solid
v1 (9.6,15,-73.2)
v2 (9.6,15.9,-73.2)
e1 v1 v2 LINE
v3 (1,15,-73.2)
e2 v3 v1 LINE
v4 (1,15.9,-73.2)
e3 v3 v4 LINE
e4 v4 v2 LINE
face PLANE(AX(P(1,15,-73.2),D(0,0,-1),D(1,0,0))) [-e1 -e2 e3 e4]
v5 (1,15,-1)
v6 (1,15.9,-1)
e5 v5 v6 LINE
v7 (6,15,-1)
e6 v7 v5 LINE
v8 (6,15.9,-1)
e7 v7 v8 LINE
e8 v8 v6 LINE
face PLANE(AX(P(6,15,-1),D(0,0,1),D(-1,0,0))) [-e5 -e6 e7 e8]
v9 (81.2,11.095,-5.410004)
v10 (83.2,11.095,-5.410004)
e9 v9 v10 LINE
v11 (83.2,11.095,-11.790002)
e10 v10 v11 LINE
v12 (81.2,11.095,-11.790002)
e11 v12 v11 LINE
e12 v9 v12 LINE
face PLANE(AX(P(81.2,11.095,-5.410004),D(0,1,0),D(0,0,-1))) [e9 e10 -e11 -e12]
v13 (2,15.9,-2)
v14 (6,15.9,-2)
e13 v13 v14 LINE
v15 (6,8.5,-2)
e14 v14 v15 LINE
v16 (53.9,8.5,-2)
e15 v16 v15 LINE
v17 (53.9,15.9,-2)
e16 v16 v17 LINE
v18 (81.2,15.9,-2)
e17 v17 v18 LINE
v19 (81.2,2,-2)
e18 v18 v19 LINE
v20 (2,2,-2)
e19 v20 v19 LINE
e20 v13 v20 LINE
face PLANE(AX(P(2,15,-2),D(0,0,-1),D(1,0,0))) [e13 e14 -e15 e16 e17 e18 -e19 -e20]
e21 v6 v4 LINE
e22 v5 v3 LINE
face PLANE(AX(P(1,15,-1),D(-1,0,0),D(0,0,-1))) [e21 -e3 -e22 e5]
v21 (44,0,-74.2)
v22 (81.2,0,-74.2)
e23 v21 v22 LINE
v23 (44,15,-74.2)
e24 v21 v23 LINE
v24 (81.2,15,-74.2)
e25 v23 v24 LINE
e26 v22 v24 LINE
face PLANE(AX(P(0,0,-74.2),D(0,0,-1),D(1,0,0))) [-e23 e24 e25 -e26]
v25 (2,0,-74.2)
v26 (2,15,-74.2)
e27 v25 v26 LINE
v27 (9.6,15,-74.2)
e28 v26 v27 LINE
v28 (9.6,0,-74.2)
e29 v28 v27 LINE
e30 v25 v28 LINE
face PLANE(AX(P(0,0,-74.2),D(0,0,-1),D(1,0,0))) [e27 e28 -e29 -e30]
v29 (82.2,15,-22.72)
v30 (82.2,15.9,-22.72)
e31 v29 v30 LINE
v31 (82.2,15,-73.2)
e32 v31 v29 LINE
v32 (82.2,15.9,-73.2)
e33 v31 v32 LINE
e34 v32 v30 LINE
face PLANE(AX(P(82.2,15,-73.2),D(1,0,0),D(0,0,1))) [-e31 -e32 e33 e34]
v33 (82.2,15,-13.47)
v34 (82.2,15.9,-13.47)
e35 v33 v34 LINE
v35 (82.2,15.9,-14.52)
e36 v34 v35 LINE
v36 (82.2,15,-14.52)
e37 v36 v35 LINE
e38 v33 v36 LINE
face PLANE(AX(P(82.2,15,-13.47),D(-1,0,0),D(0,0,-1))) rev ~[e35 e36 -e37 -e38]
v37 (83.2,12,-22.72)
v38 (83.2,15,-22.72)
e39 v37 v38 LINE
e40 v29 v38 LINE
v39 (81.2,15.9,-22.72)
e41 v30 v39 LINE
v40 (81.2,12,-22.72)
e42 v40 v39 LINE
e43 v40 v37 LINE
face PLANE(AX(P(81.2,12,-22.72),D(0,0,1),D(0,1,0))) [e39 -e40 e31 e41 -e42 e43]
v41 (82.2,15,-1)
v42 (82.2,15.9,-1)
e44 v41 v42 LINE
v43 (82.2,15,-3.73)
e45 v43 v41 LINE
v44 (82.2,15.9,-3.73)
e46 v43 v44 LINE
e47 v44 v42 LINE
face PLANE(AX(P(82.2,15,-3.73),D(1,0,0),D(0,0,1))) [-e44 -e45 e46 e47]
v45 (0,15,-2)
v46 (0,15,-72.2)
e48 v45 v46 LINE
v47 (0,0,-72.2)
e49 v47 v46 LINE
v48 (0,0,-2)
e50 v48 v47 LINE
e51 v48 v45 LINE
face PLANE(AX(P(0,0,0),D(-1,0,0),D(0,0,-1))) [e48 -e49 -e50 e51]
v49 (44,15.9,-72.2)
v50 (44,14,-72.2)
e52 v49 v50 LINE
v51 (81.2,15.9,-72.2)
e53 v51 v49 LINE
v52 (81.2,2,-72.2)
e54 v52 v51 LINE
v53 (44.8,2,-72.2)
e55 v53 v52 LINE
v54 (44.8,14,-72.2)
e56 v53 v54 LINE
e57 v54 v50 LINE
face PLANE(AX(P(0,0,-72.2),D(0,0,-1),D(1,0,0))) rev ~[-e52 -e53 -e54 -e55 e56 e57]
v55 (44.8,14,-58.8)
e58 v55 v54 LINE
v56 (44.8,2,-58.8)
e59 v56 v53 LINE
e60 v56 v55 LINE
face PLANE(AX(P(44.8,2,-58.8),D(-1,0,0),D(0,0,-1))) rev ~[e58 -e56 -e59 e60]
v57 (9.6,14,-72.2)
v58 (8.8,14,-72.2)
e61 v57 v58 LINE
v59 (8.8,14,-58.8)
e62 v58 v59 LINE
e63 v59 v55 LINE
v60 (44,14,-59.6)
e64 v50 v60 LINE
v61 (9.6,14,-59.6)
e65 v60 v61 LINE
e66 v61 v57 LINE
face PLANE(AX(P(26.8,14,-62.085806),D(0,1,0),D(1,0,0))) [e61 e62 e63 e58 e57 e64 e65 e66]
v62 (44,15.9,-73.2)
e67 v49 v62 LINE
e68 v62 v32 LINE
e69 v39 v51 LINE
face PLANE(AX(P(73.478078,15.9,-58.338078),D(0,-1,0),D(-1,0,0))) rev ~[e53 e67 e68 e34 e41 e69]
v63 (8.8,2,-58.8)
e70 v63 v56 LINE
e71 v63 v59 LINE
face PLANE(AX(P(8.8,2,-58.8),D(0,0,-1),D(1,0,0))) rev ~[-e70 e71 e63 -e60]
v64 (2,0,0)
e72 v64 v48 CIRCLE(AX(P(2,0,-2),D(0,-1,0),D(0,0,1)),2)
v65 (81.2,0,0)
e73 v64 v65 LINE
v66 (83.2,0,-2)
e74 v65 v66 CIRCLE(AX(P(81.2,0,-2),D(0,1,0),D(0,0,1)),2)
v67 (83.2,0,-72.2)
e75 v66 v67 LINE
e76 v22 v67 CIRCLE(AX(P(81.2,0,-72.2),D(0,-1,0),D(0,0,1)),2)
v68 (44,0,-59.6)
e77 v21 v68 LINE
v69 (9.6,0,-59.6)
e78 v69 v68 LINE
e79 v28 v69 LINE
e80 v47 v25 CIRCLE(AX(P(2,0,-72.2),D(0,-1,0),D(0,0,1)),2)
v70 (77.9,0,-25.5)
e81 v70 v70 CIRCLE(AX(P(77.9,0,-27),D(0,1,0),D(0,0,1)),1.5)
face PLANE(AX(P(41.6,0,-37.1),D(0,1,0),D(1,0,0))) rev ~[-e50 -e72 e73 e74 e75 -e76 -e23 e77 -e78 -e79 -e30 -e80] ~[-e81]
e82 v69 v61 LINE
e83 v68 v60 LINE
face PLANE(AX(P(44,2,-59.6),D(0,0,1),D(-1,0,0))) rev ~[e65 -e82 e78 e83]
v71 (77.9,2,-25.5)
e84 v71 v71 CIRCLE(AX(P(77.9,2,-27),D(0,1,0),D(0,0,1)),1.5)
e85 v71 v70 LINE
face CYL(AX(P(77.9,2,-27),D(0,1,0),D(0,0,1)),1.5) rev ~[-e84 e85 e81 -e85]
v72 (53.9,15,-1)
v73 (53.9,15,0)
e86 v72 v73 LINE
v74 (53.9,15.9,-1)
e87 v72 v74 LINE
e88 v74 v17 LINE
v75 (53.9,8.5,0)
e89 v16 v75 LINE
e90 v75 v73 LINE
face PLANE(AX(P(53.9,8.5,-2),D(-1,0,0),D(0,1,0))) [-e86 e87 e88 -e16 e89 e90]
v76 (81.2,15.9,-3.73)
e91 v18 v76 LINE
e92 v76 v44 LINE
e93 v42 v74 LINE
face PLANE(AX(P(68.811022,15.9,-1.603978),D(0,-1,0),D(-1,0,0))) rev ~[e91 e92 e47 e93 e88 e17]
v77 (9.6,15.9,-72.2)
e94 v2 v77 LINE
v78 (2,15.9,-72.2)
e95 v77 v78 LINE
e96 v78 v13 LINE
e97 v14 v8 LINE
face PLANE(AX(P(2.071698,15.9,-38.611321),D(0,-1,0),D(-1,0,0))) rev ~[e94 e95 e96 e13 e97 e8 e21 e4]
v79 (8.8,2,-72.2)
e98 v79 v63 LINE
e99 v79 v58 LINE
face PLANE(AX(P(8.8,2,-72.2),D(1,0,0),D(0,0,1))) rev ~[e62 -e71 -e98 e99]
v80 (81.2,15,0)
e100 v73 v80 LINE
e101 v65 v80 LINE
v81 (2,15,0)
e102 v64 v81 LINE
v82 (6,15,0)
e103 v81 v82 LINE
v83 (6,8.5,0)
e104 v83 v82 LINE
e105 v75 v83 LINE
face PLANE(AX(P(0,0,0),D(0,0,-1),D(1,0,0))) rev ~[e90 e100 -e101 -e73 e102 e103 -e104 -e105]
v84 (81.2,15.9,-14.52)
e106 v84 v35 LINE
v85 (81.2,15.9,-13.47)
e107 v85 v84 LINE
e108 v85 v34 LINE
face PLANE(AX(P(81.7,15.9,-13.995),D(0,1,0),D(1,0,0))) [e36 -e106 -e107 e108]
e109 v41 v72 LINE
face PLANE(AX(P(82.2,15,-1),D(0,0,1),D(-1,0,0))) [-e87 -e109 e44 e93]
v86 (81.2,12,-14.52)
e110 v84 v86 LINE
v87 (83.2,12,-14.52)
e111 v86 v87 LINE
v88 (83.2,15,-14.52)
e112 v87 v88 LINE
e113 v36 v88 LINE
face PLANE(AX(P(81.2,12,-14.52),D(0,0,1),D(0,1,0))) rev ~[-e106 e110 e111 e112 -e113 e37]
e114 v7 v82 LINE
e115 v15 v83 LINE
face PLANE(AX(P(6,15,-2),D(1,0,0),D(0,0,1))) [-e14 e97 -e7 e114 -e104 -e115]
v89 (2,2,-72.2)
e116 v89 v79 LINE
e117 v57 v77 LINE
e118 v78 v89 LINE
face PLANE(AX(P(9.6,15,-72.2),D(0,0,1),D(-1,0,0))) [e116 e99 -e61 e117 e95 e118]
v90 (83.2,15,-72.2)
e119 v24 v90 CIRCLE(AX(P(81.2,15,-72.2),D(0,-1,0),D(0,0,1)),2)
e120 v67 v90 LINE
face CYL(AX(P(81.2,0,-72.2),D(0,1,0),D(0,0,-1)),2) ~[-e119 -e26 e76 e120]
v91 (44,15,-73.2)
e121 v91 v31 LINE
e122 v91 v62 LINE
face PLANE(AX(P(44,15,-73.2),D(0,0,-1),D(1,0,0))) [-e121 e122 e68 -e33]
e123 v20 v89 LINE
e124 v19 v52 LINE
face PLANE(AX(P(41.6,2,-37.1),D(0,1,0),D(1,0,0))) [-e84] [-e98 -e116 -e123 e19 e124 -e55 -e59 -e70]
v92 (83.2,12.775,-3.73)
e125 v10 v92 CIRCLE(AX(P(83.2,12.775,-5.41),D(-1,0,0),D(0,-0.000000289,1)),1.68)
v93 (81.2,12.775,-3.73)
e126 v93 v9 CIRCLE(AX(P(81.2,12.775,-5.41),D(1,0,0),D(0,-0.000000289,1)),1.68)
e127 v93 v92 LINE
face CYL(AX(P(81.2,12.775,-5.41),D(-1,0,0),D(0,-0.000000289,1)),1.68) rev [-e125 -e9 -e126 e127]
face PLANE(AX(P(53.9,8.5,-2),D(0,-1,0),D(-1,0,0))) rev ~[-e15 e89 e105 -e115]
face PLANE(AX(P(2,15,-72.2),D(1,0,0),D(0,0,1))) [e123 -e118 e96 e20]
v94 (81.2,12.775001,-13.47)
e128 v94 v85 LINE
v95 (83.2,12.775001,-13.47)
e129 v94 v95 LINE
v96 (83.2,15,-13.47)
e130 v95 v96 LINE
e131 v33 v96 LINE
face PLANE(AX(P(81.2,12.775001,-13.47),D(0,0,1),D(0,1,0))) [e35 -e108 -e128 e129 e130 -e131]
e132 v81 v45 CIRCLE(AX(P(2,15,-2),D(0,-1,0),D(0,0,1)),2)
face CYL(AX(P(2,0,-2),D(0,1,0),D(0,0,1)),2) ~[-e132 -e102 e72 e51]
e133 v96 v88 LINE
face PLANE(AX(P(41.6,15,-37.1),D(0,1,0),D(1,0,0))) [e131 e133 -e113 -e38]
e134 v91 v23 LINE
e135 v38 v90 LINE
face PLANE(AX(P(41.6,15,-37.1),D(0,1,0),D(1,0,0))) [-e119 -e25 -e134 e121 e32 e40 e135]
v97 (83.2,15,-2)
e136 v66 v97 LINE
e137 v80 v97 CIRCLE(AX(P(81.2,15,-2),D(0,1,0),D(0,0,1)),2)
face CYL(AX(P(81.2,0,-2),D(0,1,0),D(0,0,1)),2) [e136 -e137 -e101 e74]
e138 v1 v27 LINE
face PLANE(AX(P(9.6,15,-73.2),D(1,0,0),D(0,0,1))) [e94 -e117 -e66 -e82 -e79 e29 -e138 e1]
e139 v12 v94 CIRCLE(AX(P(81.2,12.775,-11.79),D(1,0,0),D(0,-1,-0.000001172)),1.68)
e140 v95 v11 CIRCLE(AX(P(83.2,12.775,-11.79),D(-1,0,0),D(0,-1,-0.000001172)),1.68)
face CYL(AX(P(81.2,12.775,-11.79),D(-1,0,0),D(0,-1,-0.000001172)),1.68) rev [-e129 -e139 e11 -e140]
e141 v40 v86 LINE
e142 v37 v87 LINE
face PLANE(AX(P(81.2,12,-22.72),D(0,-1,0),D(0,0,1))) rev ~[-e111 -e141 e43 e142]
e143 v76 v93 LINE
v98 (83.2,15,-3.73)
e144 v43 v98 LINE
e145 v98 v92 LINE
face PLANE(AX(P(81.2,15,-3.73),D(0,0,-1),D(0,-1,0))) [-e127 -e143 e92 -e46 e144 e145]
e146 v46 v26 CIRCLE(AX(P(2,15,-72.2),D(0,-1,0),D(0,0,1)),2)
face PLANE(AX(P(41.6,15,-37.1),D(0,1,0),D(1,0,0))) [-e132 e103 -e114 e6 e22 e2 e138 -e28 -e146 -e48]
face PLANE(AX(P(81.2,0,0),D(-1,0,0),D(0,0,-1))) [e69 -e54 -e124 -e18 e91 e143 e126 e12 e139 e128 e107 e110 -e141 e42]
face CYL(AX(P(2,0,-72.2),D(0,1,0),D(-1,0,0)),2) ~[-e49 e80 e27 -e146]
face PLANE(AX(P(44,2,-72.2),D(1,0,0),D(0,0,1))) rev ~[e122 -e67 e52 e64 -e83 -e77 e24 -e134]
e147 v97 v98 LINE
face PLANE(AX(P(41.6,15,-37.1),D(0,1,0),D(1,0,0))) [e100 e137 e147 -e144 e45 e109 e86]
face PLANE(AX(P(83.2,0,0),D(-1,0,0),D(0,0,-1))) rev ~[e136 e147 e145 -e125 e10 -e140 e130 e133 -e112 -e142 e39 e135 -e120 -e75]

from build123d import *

# Parameters (mm, degrees)
SKETCH1_W           = 83.2
SKETCH1_H           = 74.2
BOSS_EXTRUDE1_DEPTH = 15
SHELL1_T            = -2
SKETCH2_W           = 47.9
SKETCH2_H           = 6.5
CUT_EXTRUDE1_DEPTH  = 112.175896668
CUT_EXTRUDE3_DEPTH  = 112.013873007
SKETCH4_W           = 8.2
SKETCH4_H           = 3
CUT_EXTRUDE4_DEPTH  = 112.013873007
SKETCH5_R           = 1.5
CUT_EXTRUDE5_DEPTH  = 113.235823158
SKETCH6_W           = 34.4
SKETCH6_H           = 14.6
CUT_EXTRUDE6_DEPTH  = 113.485021225
BOSS_EXTRUDE2_DEPTH = 12
SKETCH9_W           = 1
SKETCH9_H           = 1.05
EXTRUDE_THIN1_DEPTH = 0.9
FILLET1_R           = 2


with BuildPart() as part:
    # Sketch1 → Boss-Extrude1 (new body)
    with BuildSketch(Plane(origin=(0, 0, 0), x_dir=(1, 0, 0), z_dir=(0, 1, 0))):
        with Locations((41.6, 37.1)):
            Rectangle(SKETCH1_W, SKETCH1_H)
    extrude(amount=BOSS_EXTRUDE1_DEPTH)

    # Shell1
    shell1_openings = [part.faces().sort_by_distance(p)[0] for p in [
        (41.6, 15, -37.1),
    ]]
    offset(amount=SHELL1_T, openings=shell1_openings, kind=Kind.INTERSECTION)

    # Sketch2 → Cut-Extrude1 (cut, through all)
    with BuildSketch(Plane(origin=(0, 0, -2), x_dir=(-1, 0, 0), z_dir=(0, 0, -1))):
        with Locations((-29.95, 11.75)):
            Rectangle(SKETCH2_W, SKETCH2_H)
    extrude(amount=-CUT_EXTRUDE1_DEPTH, mode=Mode.SUBTRACT)

    # Sketch3 → Cut-Extrude3 (cut, through all)
    with BuildSketch(Plane.ZY.offset(-81.2)):
        with BuildLine():
            Line((-13.47, 12.775001119), (-13.47, 13.375))
            Line((-13.47, 13.375), (-13.47, 15))
            Line((-13.47, 15), (-3.73, 15))
            Line((-3.73, 15), (-3.73, 13.375000473))
            Line((-3.73, 13.375000473), (-3.73, 12.774999514))
            ThreePointArc((-3.73, 12.774999514), (-4.222062075, 11.58705914), (-5.410003665, 11.095))
            Line((-5.410003665, 11.095), (-11.79000197, 11.095))
            ThreePointArc((-11.79000197, 11.095), (-12.977940485, 11.5870617), (-13.47, 12.775001119))
        make_face()
    extrude(amount=-CUT_EXTRUDE3_DEPTH, mode=Mode.SUBTRACT)

    # Sketch4 → Cut-Extrude4 (cut, through all)
    with BuildSketch(Plane.ZY.offset(-81.2)):
        with Locations((-18.62, 13.5)):
            Rectangle(SKETCH4_W, SKETCH4_H)
    extrude(amount=-CUT_EXTRUDE4_DEPTH, mode=Mode.SUBTRACT)

    # Sketch5 → Cut-Extrude5 (cut, through all)
    with BuildSketch(Plane(origin=(0, 2, 0), x_dir=(1, 0, 0), z_dir=(0, 1, 0))):
        with Locations(Location((77.9, 27, 0), (0, 0, 270))):
            Circle(SKETCH5_R)
    extrude(amount=-CUT_EXTRUDE5_DEPTH, mode=Mode.SUBTRACT)

    # Sketch6 → Cut-Extrude6 (cut, through all)
    with BuildSketch(Plane.XZ):
        with Locations((26.8, -66.9)):
            Rectangle(SKETCH6_W, SKETCH6_H)
    extrude(amount=-CUT_EXTRUDE6_DEPTH, mode=Mode.SUBTRACT)

    # Sketch7 → Boss-Extrude2 (add)
    with BuildSketch(Plane(origin=(0, 2, 0), x_dir=(1, 0, 0), z_dir=(0, 1, 0))):
        Polygon((44, 72.2), (44, 59.6), (9.6, 59.6), (9.6, 72.2), (8.8, 72.2), (8.8, 58.8), (44.8, 58.8), (44.8, 72.2), align=None)
    extrude(amount=BOSS_EXTRUDE2_DEPTH)

    # Sketch9 → Extrude-Thin1 (add)
    with BuildSketch(Plane(origin=(0, 15, 0), x_dir=(1, 0, 0), z_dir=(0, 1, 0))):
        Polygon((9.6, 72.2), (2, 72.2), (2, 2), (6, 2), (6, 1), (1, 1), (1, 73.2), (9.6, 73.2), align=None)
        Polygon((53.9, 2), (81.2, 2), (81.2, 3.73), (82.2, 3.73), (82.2, 1), (53.9, 1), align=None)
        with Locations((81.7, 13.995)):
            Rectangle(SKETCH9_W, SKETCH9_H)
        Polygon((81.2, 22.72), (81.2, 72.2), (44, 72.2), (44, 73.2), (82.2, 73.2), (82.2, 22.72), align=None)
    extrude(amount=EXTRUDE_THIN1_DEPTH)

    # Fillet1
    fillet1_edges = [part.edges().sort_by_distance(p)[0] for p in [
        (0, 7.5, -74.2),
        (83.2, 7.5, -74.2),
        (83.2, 7.5, 0),
        (0, 7.5, 0),
    ]]
    fillet(fillet1_edges, radius=FILLET1_R)


solid = part.part
